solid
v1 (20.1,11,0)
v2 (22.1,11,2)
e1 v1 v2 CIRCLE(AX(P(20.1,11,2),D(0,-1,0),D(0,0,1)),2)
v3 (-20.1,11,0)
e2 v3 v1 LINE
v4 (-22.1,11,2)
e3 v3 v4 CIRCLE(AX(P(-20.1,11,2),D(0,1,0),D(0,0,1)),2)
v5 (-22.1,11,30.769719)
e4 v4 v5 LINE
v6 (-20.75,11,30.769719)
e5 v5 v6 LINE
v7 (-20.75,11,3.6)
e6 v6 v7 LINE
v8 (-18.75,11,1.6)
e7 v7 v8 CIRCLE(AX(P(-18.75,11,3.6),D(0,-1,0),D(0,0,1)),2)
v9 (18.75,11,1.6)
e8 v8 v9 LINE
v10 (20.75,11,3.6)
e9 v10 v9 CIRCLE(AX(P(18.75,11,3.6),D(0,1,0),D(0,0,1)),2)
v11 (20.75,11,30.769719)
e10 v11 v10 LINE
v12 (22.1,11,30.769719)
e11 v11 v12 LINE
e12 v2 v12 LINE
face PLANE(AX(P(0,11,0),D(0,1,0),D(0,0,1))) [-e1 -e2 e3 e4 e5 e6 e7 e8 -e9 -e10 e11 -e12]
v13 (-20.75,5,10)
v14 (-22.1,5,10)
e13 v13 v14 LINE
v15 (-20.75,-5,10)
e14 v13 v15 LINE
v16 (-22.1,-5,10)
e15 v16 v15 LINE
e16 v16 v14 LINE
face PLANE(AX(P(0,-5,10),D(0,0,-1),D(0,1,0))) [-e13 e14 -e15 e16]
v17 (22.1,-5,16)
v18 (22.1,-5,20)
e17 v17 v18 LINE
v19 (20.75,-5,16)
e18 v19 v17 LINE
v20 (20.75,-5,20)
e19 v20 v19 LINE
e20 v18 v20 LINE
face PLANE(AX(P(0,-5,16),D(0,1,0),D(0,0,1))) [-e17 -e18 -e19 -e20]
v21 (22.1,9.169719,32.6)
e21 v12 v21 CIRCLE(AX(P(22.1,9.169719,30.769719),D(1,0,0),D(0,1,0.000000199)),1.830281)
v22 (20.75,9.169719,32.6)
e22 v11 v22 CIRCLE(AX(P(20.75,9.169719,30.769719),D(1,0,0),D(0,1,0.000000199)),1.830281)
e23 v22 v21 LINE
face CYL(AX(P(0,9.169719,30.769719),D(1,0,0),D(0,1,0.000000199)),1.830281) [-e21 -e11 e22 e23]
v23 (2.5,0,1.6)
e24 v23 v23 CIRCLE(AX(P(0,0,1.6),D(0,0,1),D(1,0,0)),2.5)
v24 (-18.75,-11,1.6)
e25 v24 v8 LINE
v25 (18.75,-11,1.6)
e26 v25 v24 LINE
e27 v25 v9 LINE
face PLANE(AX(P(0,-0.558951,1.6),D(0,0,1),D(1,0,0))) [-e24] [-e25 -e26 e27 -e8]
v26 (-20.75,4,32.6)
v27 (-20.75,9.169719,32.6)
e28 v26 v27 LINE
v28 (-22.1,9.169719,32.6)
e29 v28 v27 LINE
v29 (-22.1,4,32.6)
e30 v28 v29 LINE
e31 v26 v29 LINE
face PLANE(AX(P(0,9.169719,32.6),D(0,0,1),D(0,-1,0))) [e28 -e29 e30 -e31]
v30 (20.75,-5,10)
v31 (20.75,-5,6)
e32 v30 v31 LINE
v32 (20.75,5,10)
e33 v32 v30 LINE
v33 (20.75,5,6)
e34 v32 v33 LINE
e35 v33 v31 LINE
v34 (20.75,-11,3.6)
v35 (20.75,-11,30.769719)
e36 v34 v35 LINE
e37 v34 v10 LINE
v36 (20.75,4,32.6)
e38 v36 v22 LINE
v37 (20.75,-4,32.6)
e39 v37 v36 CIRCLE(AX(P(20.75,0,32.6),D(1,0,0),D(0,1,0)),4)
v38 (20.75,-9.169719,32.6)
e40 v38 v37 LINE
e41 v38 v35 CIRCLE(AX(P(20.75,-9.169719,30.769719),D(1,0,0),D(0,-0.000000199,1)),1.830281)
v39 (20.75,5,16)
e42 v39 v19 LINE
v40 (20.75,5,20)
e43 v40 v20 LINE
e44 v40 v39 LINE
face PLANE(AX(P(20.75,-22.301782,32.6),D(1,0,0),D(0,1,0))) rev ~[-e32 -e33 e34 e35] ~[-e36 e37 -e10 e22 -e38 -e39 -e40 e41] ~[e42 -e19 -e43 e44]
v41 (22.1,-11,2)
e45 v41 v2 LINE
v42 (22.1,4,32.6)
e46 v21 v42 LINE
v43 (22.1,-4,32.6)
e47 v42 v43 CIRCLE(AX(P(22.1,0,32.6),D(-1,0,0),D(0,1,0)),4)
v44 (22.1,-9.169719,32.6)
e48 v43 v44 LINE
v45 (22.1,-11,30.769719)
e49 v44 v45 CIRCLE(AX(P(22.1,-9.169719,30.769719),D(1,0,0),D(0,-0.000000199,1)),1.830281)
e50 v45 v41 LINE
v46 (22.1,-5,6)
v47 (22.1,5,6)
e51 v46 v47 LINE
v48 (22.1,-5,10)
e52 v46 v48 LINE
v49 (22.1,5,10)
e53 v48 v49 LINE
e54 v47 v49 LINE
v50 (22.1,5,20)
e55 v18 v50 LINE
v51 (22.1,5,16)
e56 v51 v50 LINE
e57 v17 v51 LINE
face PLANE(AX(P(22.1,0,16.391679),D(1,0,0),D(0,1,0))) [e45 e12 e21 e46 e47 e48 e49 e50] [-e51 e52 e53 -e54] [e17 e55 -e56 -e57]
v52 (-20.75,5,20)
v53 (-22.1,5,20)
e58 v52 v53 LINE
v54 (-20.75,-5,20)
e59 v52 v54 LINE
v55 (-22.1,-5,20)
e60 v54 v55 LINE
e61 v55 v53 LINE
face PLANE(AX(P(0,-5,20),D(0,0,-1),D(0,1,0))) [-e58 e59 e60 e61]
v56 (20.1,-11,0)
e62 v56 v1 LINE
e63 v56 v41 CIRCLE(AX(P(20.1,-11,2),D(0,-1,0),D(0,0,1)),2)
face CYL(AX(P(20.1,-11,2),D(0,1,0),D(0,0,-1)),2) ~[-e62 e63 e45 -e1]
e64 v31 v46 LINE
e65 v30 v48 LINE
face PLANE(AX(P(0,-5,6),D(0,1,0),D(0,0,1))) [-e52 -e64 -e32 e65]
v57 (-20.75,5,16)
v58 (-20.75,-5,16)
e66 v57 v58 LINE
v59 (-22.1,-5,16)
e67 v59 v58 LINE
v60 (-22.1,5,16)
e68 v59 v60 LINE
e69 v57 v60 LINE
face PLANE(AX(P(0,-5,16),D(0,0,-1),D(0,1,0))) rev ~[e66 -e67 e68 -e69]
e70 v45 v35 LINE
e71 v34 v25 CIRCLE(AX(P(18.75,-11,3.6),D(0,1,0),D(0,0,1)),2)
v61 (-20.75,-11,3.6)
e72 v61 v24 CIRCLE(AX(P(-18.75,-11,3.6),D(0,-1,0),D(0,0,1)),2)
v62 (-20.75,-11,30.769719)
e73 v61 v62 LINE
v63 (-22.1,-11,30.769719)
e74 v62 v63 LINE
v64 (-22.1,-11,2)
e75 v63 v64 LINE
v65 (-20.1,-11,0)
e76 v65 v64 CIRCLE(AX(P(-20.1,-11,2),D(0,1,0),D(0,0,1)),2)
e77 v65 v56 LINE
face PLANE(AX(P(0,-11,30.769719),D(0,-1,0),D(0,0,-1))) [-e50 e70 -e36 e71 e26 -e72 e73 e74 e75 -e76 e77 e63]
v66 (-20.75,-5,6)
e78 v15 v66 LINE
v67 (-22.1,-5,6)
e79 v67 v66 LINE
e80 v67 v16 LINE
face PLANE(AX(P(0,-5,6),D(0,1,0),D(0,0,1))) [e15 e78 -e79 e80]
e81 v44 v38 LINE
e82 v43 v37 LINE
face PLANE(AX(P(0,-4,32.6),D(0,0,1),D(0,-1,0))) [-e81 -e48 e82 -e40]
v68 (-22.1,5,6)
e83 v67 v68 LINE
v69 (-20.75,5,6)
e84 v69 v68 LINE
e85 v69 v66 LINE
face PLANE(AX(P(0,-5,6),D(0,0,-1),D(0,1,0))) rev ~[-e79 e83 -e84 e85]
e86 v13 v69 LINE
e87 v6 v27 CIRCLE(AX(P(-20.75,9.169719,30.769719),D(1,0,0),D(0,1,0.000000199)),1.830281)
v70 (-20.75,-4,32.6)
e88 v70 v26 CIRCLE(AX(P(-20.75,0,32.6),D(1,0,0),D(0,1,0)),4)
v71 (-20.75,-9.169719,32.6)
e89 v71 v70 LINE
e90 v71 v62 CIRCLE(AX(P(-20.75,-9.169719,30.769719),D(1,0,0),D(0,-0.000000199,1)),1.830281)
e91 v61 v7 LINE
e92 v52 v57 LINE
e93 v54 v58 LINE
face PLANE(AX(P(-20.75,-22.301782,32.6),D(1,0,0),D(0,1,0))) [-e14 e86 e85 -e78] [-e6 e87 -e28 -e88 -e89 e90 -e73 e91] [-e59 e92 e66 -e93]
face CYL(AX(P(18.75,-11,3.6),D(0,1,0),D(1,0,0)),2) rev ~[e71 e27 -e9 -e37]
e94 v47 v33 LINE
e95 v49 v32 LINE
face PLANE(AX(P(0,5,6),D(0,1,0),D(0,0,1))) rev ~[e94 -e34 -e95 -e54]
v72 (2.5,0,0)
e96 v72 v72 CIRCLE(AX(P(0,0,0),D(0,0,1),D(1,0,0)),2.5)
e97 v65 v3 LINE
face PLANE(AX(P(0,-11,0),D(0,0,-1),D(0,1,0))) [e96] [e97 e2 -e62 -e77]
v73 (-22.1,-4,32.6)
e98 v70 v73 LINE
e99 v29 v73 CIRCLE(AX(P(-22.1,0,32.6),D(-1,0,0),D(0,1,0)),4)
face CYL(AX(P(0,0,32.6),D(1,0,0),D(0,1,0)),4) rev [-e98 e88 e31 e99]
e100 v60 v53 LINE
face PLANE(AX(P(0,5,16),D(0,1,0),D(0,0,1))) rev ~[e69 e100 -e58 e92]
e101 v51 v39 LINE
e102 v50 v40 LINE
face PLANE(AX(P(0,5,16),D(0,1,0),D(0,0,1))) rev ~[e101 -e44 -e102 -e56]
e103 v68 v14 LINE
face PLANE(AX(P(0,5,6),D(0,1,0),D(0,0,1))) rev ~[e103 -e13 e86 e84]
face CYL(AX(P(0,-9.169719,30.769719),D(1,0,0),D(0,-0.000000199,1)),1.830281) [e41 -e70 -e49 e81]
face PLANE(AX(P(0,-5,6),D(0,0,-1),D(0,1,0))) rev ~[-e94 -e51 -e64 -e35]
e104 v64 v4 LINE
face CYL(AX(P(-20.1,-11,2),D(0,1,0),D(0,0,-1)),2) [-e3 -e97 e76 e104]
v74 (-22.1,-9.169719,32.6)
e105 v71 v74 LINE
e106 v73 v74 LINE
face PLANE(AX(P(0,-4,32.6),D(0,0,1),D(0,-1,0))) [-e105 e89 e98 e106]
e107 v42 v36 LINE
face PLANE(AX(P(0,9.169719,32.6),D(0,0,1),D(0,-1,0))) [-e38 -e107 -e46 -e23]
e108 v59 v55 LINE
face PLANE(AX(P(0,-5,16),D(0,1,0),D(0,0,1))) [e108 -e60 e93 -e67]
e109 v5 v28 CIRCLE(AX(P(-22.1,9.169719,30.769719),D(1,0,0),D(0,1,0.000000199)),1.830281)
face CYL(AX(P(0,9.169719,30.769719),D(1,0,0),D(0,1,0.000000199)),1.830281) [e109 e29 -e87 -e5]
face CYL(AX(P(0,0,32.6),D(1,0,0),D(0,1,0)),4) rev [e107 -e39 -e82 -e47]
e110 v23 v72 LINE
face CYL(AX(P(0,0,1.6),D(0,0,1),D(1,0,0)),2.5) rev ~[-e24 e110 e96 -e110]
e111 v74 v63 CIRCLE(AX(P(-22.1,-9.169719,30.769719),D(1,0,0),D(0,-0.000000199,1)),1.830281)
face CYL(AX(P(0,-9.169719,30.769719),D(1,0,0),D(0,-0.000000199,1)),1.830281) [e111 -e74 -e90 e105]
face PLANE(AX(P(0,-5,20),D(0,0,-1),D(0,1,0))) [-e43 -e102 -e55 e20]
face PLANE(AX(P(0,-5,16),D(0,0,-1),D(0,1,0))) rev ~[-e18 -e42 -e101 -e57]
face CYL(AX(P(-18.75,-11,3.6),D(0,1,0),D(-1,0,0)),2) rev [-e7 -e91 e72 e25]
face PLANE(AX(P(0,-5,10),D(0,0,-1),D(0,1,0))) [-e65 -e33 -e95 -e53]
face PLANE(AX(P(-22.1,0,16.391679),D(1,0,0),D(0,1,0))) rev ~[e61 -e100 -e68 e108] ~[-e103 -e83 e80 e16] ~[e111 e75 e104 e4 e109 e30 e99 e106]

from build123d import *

# Parameters (mm, degrees)
F0_W     = 10
F0_H     = 4
F1_DEPTH = 22.1
F2_W     = 41.5
F2_H     = 43.485662
F3_DEPTH = 31
F4_R     = 2
F5_R     = 2
F6_R     = 2.5
F7_DEPTH = 25


with BuildPart() as f1:
    # F0 (on Right) → F1 (new body, symmetric)
    with BuildSketch(Plane.YZ):
        with BuildLine():
            Line((-11, 30.769719), (-11, 0))
            Line((-11, 0), (11, 0))
            Line((11, 0), (11, 30.769719))
            ThreePointArc((11, 30.769719), (10.463923, 32.063923), (9.169719, 32.6))
            Line((9.169719, 32.6), (4, 32.6))
            ThreePointArc((4, 32.6), (0, 28.6), (-4, 32.6))
            Line((-4, 32.6), (-9.169719, 32.6))
            ThreePointArc((-9.169719, 32.6), (-10.463923, 32.063923), (-11, 30.769719))
        make_face()
        with Locations((0, 8)):
            Rectangle(F0_W, F0_H, mode=Mode.SUBTRACT)
        with Locations((0, 18)):
            Rectangle(F0_W, F0_H, mode=Mode.SUBTRACT)
    extrude(amount=F1_DEPTH, both=True)

    # F2 (on face) → F3 (cut)
    with BuildSketch(Plane.XY.offset(32.6)):
        with Locations((0, -0.558951)):
            Rectangle(F2_W, F2_H)
    extrude(amount=-F3_DEPTH, mode=Mode.SUBTRACT)

    # F4
    f4_edges = [f1.edges().sort_by_distance(p)[0] for p in [
        (-22.1, 0, 0),
    ]]
    fillet(f4_edges, radius=F4_R)

    # F5
    f5_edges = [f1.edges().sort_by_distance(p)[0] for p in [
        (22.1, 0, 0),
        (-20.75, 0, 1.6),
        (20.75, 0, 1.6),
    ]]
    fillet(f5_edges, radius=F5_R)

    # F6 (on face) → F7 (cut)
    with BuildSketch(Plane.XY.offset(1.6)):
        Circle(F6_R)
    extrude(amount=-F7_DEPTH, mode=Mode.SUBTRACT)


solid = f1.part
